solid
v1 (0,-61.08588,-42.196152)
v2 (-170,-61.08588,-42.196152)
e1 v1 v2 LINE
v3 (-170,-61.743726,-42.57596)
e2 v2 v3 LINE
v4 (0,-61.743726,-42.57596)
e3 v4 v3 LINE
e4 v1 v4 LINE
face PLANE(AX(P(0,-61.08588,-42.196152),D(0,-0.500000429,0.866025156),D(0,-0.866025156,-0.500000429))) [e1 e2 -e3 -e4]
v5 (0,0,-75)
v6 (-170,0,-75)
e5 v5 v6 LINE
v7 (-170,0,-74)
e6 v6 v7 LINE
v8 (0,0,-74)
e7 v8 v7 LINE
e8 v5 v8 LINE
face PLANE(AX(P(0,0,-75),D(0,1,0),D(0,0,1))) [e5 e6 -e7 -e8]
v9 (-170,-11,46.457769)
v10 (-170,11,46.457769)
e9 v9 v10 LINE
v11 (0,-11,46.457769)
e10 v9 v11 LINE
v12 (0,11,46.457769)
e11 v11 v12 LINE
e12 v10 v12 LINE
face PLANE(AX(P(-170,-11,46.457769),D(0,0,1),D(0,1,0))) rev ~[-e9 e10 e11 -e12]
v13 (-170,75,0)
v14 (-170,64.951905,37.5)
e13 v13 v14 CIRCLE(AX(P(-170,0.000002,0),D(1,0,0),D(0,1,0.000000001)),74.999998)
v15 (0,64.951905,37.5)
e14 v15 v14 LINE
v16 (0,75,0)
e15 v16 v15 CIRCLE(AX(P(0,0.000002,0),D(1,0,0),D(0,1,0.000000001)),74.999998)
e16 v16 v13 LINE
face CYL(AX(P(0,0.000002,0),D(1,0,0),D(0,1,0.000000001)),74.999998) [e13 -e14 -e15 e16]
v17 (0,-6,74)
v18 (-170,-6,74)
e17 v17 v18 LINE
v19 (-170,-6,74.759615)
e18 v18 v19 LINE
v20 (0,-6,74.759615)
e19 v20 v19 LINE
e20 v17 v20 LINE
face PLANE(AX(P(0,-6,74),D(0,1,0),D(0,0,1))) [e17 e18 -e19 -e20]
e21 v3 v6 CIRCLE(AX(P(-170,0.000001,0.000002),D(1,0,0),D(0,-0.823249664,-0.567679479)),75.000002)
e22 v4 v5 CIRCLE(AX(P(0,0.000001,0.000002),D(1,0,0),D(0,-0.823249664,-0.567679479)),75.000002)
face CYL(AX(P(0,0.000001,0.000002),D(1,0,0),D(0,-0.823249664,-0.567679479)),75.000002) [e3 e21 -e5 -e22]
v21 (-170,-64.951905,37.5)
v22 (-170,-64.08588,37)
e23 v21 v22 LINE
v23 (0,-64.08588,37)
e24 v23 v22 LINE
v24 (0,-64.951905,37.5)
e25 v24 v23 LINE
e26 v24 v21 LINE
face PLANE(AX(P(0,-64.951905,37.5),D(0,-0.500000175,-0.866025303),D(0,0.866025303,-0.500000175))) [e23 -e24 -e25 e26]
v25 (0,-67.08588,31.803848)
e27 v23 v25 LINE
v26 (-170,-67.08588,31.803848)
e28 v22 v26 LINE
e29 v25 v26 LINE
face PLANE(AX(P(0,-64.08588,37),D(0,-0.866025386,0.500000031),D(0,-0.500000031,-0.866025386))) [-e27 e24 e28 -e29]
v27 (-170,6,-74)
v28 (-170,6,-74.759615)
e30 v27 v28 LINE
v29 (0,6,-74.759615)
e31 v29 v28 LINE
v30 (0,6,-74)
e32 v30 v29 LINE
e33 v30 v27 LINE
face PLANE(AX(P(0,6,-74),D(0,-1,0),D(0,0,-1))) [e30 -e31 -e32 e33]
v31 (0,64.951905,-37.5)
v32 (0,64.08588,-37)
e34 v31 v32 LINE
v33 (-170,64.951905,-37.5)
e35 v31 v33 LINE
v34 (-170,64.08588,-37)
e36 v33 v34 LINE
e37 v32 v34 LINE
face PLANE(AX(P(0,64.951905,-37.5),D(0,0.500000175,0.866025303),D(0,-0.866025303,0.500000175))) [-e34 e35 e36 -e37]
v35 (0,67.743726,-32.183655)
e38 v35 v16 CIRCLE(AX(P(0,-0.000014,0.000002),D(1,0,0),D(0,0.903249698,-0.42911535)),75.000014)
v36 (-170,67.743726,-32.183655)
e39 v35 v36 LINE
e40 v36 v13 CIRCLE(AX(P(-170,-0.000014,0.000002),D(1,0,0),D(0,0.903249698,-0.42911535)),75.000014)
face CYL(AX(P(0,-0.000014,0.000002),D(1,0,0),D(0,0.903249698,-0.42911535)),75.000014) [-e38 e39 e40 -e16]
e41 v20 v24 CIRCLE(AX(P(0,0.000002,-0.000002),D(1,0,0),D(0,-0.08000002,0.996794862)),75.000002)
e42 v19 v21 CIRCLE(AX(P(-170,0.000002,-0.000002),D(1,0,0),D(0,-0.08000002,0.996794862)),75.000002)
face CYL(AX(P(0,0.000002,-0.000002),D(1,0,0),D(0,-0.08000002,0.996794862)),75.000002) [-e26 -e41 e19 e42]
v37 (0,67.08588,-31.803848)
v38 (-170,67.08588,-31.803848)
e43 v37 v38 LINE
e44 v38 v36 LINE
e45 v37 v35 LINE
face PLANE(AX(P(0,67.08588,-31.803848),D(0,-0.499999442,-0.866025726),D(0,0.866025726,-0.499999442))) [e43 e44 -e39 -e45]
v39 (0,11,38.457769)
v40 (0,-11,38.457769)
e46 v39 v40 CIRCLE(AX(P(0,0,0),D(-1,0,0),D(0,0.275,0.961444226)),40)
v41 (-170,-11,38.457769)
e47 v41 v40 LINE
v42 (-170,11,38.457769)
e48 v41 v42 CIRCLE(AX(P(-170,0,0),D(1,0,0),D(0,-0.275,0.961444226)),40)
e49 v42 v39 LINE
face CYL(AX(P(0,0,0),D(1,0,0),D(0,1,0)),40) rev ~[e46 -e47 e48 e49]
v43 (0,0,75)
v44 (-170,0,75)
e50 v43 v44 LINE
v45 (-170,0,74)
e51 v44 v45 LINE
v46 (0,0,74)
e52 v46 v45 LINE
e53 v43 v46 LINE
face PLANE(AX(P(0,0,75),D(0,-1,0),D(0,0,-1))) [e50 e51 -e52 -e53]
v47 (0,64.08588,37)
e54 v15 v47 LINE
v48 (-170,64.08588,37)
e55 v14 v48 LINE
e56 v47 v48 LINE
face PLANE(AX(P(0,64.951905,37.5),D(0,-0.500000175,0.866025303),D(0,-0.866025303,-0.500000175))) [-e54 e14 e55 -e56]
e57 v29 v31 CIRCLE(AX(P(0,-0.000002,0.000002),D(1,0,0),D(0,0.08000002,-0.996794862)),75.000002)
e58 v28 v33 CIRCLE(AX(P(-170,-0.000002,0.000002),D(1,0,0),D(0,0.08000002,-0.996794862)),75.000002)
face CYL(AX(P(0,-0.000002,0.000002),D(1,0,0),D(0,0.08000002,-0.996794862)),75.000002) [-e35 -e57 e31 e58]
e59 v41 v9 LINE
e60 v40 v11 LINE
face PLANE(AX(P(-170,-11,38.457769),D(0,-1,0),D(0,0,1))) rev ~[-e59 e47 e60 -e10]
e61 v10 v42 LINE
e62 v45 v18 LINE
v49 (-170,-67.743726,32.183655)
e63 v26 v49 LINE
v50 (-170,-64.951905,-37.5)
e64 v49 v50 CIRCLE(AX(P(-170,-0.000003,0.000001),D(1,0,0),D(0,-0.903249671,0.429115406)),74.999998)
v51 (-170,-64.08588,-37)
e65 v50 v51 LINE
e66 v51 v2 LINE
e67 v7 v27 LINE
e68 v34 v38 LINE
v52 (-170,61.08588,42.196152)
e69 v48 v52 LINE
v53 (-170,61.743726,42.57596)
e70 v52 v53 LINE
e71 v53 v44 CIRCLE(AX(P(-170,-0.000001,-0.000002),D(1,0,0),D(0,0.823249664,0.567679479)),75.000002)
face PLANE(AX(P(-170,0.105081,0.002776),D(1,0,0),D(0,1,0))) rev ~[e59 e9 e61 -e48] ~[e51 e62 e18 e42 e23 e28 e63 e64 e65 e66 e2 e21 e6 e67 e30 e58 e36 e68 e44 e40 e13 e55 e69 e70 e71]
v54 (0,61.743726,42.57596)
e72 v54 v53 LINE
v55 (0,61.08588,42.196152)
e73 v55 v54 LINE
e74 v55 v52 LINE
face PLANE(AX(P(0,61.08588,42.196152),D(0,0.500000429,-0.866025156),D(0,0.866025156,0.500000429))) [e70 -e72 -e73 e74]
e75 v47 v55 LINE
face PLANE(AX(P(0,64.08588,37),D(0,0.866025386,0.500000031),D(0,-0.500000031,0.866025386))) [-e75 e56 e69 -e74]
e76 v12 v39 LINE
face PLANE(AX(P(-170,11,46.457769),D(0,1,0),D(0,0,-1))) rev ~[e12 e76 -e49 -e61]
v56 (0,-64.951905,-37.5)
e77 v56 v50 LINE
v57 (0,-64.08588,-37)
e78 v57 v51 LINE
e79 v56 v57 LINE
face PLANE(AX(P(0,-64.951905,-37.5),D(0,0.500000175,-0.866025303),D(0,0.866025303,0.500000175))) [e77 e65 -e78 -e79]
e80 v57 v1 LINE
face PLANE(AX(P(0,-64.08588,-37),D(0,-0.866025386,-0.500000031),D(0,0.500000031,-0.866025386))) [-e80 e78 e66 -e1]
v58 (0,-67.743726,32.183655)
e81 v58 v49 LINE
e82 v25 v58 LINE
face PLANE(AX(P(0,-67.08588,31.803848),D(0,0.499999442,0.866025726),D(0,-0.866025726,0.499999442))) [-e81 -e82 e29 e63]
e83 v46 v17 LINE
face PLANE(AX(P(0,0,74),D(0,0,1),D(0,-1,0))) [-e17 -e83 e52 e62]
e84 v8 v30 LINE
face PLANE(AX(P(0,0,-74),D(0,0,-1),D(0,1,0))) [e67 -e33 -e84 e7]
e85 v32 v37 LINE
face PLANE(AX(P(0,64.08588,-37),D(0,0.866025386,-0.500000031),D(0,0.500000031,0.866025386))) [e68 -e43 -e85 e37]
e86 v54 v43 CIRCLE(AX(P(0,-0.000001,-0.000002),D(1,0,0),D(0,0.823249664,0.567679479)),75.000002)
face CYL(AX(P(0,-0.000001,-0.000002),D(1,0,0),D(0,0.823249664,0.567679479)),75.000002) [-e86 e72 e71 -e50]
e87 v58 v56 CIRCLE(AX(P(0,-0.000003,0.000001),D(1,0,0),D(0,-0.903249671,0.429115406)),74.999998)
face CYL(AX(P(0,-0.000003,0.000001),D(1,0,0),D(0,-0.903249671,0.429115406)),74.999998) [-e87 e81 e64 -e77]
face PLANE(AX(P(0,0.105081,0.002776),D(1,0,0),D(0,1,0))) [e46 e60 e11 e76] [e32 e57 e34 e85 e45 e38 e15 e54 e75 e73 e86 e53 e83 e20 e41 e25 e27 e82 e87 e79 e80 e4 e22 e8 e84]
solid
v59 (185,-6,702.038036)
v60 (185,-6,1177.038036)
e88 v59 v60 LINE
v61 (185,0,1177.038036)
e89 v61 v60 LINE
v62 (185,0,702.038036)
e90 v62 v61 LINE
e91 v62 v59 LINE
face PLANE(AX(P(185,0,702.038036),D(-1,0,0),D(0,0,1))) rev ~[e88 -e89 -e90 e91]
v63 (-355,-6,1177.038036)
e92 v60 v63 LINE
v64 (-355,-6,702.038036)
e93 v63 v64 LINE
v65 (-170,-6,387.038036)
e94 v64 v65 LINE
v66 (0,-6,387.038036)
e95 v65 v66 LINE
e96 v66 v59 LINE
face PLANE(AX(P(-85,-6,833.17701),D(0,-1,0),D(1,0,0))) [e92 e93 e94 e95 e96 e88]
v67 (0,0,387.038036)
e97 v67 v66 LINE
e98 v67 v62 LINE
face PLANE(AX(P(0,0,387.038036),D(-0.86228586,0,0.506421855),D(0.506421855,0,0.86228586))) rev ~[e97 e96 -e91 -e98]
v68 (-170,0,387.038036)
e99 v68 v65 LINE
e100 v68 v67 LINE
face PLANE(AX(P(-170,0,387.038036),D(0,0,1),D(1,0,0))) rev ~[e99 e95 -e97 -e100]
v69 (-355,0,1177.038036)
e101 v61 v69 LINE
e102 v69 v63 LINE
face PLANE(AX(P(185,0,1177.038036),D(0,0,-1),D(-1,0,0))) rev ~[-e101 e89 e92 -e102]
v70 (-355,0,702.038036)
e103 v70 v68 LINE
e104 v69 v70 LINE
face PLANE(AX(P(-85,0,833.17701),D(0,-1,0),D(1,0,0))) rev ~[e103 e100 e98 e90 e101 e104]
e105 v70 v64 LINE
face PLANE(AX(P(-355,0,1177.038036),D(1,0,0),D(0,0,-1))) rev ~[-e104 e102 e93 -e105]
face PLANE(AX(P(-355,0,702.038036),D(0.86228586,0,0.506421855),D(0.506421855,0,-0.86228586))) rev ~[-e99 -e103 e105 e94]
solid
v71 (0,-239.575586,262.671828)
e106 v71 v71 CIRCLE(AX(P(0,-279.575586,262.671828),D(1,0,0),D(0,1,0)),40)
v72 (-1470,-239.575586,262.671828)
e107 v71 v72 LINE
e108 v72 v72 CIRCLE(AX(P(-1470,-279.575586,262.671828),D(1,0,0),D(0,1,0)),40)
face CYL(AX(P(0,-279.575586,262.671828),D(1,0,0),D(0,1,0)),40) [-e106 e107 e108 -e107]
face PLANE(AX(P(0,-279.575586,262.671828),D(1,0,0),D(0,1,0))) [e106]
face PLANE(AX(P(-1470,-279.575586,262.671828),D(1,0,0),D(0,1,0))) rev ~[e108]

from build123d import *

# Parameters (mm, degrees)
F1_DEPTH = 6
F2_R     = 40
F3_DEPTH = 170
F5_DEPTH = 170
F6_R     = 40
F7_DEPTH = 1470


with BuildPart() as f1:
    # F0 (on Front) → F1 (new body)
    with BuildSketch(Plane.XZ):
        Polygon((-355, 702.038036), (-170, 387.038036), (0, 387.038036), (185, 702.038036), (185, 1177.038036), (-355, 1177.038036), align=None)
    extrude(amount=F1_DEPTH)


with BuildPart() as f3:
    # F2 (on Right) → F3 (new body)
    with BuildSketch(Plane.YZ):
        with BuildLine():
            ThreePointArc((67.743726, -32.183655), (73.163445, -16.495766), (75, 0))
            ThreePointArc((75, 0), (72.444437, 19.411428), (64.951905, 37.5))
            Line((64.951905, 37.5), (64.08588, 37))
            Line((64.08588, 37), (61.08588, 42.196152))
            Line((61.08588, 42.196152), (61.743726, 42.57596))
            ThreePointArc((61.743726, 42.57596), (34.869779, 66.401043), (0, 75))
            Line((0, 75), (0, 74))
            Line((0, 74), (-6, 74))
            Line((-6, 74), (-6, 74.759615))
            ThreePointArc((-6, 74.759615), (-40.0701, 63.398636), (-64.951905, 37.5))
            Line((-64.951905, 37.5), (-64.08588, 37))
            Line((-64.08588, 37), (-67.08588, 31.803848))
            Line((-67.08588, 31.803848), (-67.743726, 32.183655))
            ThreePointArc((-67.743726, 32.183655), (-74.93988, -3.002407), (-64.951905, -37.5))
            Line((-64.951905, -37.5), (-64.08588, -37))
            Line((-64.08588, -37), (-61.08588, -42.196152))
            Line((-61.08588, -42.196152), (-61.743726, -42.57596))
            ThreePointArc((-61.743726, -42.57596), (-34.869779, -66.401043), (0, -75))
            Line((0, -75), (0, -74))
            Line((0, -74), (6, -74))
            Line((6, -74), (6, -74.759615))
            ThreePointArc((6, -74.759615), (40.0701, -63.398636), (64.951905, -37.5))
            Line((64.951905, -37.5), (64.08588, -37))
            Line((64.08588, -37), (67.08588, -31.803848))
            Line((67.08588, -31.803848), (67.743726, -32.183655))
        make_face()
        Circle(F2_R, mode=Mode.SUBTRACT)
    extrude(amount=-F3_DEPTH)

    # F4 (on face) → F5 (cut)
    with BuildSketch(Plane(origin=(-170, 0, 0), x_dir=(0, -1, 0), z_dir=(-1, 0, 0))):
        with BuildLine():
            Line((-11, 46.457769), (-11, 38.457769))
            ThreePointArc((-11, 38.457769), (0, 40), (11, 38.457769))
            Line((11, 38.457769), (11, 46.457769))
            Line((11, 46.457769), (-11, 46.457769))
        make_face()
    extrude(amount=-F5_DEPTH, mode=Mode.SUBTRACT)


with BuildPart() as f7:
    # F6 (on Right) → F7 (new body)
    with BuildSketch(Plane.YZ):
        with Locations((-279.575586, 262.671828)):
            Circle(F6_R)
    extrude(amount=-F7_DEPTH)


solid = Compound([f1.part, f3.part, f7.part])
